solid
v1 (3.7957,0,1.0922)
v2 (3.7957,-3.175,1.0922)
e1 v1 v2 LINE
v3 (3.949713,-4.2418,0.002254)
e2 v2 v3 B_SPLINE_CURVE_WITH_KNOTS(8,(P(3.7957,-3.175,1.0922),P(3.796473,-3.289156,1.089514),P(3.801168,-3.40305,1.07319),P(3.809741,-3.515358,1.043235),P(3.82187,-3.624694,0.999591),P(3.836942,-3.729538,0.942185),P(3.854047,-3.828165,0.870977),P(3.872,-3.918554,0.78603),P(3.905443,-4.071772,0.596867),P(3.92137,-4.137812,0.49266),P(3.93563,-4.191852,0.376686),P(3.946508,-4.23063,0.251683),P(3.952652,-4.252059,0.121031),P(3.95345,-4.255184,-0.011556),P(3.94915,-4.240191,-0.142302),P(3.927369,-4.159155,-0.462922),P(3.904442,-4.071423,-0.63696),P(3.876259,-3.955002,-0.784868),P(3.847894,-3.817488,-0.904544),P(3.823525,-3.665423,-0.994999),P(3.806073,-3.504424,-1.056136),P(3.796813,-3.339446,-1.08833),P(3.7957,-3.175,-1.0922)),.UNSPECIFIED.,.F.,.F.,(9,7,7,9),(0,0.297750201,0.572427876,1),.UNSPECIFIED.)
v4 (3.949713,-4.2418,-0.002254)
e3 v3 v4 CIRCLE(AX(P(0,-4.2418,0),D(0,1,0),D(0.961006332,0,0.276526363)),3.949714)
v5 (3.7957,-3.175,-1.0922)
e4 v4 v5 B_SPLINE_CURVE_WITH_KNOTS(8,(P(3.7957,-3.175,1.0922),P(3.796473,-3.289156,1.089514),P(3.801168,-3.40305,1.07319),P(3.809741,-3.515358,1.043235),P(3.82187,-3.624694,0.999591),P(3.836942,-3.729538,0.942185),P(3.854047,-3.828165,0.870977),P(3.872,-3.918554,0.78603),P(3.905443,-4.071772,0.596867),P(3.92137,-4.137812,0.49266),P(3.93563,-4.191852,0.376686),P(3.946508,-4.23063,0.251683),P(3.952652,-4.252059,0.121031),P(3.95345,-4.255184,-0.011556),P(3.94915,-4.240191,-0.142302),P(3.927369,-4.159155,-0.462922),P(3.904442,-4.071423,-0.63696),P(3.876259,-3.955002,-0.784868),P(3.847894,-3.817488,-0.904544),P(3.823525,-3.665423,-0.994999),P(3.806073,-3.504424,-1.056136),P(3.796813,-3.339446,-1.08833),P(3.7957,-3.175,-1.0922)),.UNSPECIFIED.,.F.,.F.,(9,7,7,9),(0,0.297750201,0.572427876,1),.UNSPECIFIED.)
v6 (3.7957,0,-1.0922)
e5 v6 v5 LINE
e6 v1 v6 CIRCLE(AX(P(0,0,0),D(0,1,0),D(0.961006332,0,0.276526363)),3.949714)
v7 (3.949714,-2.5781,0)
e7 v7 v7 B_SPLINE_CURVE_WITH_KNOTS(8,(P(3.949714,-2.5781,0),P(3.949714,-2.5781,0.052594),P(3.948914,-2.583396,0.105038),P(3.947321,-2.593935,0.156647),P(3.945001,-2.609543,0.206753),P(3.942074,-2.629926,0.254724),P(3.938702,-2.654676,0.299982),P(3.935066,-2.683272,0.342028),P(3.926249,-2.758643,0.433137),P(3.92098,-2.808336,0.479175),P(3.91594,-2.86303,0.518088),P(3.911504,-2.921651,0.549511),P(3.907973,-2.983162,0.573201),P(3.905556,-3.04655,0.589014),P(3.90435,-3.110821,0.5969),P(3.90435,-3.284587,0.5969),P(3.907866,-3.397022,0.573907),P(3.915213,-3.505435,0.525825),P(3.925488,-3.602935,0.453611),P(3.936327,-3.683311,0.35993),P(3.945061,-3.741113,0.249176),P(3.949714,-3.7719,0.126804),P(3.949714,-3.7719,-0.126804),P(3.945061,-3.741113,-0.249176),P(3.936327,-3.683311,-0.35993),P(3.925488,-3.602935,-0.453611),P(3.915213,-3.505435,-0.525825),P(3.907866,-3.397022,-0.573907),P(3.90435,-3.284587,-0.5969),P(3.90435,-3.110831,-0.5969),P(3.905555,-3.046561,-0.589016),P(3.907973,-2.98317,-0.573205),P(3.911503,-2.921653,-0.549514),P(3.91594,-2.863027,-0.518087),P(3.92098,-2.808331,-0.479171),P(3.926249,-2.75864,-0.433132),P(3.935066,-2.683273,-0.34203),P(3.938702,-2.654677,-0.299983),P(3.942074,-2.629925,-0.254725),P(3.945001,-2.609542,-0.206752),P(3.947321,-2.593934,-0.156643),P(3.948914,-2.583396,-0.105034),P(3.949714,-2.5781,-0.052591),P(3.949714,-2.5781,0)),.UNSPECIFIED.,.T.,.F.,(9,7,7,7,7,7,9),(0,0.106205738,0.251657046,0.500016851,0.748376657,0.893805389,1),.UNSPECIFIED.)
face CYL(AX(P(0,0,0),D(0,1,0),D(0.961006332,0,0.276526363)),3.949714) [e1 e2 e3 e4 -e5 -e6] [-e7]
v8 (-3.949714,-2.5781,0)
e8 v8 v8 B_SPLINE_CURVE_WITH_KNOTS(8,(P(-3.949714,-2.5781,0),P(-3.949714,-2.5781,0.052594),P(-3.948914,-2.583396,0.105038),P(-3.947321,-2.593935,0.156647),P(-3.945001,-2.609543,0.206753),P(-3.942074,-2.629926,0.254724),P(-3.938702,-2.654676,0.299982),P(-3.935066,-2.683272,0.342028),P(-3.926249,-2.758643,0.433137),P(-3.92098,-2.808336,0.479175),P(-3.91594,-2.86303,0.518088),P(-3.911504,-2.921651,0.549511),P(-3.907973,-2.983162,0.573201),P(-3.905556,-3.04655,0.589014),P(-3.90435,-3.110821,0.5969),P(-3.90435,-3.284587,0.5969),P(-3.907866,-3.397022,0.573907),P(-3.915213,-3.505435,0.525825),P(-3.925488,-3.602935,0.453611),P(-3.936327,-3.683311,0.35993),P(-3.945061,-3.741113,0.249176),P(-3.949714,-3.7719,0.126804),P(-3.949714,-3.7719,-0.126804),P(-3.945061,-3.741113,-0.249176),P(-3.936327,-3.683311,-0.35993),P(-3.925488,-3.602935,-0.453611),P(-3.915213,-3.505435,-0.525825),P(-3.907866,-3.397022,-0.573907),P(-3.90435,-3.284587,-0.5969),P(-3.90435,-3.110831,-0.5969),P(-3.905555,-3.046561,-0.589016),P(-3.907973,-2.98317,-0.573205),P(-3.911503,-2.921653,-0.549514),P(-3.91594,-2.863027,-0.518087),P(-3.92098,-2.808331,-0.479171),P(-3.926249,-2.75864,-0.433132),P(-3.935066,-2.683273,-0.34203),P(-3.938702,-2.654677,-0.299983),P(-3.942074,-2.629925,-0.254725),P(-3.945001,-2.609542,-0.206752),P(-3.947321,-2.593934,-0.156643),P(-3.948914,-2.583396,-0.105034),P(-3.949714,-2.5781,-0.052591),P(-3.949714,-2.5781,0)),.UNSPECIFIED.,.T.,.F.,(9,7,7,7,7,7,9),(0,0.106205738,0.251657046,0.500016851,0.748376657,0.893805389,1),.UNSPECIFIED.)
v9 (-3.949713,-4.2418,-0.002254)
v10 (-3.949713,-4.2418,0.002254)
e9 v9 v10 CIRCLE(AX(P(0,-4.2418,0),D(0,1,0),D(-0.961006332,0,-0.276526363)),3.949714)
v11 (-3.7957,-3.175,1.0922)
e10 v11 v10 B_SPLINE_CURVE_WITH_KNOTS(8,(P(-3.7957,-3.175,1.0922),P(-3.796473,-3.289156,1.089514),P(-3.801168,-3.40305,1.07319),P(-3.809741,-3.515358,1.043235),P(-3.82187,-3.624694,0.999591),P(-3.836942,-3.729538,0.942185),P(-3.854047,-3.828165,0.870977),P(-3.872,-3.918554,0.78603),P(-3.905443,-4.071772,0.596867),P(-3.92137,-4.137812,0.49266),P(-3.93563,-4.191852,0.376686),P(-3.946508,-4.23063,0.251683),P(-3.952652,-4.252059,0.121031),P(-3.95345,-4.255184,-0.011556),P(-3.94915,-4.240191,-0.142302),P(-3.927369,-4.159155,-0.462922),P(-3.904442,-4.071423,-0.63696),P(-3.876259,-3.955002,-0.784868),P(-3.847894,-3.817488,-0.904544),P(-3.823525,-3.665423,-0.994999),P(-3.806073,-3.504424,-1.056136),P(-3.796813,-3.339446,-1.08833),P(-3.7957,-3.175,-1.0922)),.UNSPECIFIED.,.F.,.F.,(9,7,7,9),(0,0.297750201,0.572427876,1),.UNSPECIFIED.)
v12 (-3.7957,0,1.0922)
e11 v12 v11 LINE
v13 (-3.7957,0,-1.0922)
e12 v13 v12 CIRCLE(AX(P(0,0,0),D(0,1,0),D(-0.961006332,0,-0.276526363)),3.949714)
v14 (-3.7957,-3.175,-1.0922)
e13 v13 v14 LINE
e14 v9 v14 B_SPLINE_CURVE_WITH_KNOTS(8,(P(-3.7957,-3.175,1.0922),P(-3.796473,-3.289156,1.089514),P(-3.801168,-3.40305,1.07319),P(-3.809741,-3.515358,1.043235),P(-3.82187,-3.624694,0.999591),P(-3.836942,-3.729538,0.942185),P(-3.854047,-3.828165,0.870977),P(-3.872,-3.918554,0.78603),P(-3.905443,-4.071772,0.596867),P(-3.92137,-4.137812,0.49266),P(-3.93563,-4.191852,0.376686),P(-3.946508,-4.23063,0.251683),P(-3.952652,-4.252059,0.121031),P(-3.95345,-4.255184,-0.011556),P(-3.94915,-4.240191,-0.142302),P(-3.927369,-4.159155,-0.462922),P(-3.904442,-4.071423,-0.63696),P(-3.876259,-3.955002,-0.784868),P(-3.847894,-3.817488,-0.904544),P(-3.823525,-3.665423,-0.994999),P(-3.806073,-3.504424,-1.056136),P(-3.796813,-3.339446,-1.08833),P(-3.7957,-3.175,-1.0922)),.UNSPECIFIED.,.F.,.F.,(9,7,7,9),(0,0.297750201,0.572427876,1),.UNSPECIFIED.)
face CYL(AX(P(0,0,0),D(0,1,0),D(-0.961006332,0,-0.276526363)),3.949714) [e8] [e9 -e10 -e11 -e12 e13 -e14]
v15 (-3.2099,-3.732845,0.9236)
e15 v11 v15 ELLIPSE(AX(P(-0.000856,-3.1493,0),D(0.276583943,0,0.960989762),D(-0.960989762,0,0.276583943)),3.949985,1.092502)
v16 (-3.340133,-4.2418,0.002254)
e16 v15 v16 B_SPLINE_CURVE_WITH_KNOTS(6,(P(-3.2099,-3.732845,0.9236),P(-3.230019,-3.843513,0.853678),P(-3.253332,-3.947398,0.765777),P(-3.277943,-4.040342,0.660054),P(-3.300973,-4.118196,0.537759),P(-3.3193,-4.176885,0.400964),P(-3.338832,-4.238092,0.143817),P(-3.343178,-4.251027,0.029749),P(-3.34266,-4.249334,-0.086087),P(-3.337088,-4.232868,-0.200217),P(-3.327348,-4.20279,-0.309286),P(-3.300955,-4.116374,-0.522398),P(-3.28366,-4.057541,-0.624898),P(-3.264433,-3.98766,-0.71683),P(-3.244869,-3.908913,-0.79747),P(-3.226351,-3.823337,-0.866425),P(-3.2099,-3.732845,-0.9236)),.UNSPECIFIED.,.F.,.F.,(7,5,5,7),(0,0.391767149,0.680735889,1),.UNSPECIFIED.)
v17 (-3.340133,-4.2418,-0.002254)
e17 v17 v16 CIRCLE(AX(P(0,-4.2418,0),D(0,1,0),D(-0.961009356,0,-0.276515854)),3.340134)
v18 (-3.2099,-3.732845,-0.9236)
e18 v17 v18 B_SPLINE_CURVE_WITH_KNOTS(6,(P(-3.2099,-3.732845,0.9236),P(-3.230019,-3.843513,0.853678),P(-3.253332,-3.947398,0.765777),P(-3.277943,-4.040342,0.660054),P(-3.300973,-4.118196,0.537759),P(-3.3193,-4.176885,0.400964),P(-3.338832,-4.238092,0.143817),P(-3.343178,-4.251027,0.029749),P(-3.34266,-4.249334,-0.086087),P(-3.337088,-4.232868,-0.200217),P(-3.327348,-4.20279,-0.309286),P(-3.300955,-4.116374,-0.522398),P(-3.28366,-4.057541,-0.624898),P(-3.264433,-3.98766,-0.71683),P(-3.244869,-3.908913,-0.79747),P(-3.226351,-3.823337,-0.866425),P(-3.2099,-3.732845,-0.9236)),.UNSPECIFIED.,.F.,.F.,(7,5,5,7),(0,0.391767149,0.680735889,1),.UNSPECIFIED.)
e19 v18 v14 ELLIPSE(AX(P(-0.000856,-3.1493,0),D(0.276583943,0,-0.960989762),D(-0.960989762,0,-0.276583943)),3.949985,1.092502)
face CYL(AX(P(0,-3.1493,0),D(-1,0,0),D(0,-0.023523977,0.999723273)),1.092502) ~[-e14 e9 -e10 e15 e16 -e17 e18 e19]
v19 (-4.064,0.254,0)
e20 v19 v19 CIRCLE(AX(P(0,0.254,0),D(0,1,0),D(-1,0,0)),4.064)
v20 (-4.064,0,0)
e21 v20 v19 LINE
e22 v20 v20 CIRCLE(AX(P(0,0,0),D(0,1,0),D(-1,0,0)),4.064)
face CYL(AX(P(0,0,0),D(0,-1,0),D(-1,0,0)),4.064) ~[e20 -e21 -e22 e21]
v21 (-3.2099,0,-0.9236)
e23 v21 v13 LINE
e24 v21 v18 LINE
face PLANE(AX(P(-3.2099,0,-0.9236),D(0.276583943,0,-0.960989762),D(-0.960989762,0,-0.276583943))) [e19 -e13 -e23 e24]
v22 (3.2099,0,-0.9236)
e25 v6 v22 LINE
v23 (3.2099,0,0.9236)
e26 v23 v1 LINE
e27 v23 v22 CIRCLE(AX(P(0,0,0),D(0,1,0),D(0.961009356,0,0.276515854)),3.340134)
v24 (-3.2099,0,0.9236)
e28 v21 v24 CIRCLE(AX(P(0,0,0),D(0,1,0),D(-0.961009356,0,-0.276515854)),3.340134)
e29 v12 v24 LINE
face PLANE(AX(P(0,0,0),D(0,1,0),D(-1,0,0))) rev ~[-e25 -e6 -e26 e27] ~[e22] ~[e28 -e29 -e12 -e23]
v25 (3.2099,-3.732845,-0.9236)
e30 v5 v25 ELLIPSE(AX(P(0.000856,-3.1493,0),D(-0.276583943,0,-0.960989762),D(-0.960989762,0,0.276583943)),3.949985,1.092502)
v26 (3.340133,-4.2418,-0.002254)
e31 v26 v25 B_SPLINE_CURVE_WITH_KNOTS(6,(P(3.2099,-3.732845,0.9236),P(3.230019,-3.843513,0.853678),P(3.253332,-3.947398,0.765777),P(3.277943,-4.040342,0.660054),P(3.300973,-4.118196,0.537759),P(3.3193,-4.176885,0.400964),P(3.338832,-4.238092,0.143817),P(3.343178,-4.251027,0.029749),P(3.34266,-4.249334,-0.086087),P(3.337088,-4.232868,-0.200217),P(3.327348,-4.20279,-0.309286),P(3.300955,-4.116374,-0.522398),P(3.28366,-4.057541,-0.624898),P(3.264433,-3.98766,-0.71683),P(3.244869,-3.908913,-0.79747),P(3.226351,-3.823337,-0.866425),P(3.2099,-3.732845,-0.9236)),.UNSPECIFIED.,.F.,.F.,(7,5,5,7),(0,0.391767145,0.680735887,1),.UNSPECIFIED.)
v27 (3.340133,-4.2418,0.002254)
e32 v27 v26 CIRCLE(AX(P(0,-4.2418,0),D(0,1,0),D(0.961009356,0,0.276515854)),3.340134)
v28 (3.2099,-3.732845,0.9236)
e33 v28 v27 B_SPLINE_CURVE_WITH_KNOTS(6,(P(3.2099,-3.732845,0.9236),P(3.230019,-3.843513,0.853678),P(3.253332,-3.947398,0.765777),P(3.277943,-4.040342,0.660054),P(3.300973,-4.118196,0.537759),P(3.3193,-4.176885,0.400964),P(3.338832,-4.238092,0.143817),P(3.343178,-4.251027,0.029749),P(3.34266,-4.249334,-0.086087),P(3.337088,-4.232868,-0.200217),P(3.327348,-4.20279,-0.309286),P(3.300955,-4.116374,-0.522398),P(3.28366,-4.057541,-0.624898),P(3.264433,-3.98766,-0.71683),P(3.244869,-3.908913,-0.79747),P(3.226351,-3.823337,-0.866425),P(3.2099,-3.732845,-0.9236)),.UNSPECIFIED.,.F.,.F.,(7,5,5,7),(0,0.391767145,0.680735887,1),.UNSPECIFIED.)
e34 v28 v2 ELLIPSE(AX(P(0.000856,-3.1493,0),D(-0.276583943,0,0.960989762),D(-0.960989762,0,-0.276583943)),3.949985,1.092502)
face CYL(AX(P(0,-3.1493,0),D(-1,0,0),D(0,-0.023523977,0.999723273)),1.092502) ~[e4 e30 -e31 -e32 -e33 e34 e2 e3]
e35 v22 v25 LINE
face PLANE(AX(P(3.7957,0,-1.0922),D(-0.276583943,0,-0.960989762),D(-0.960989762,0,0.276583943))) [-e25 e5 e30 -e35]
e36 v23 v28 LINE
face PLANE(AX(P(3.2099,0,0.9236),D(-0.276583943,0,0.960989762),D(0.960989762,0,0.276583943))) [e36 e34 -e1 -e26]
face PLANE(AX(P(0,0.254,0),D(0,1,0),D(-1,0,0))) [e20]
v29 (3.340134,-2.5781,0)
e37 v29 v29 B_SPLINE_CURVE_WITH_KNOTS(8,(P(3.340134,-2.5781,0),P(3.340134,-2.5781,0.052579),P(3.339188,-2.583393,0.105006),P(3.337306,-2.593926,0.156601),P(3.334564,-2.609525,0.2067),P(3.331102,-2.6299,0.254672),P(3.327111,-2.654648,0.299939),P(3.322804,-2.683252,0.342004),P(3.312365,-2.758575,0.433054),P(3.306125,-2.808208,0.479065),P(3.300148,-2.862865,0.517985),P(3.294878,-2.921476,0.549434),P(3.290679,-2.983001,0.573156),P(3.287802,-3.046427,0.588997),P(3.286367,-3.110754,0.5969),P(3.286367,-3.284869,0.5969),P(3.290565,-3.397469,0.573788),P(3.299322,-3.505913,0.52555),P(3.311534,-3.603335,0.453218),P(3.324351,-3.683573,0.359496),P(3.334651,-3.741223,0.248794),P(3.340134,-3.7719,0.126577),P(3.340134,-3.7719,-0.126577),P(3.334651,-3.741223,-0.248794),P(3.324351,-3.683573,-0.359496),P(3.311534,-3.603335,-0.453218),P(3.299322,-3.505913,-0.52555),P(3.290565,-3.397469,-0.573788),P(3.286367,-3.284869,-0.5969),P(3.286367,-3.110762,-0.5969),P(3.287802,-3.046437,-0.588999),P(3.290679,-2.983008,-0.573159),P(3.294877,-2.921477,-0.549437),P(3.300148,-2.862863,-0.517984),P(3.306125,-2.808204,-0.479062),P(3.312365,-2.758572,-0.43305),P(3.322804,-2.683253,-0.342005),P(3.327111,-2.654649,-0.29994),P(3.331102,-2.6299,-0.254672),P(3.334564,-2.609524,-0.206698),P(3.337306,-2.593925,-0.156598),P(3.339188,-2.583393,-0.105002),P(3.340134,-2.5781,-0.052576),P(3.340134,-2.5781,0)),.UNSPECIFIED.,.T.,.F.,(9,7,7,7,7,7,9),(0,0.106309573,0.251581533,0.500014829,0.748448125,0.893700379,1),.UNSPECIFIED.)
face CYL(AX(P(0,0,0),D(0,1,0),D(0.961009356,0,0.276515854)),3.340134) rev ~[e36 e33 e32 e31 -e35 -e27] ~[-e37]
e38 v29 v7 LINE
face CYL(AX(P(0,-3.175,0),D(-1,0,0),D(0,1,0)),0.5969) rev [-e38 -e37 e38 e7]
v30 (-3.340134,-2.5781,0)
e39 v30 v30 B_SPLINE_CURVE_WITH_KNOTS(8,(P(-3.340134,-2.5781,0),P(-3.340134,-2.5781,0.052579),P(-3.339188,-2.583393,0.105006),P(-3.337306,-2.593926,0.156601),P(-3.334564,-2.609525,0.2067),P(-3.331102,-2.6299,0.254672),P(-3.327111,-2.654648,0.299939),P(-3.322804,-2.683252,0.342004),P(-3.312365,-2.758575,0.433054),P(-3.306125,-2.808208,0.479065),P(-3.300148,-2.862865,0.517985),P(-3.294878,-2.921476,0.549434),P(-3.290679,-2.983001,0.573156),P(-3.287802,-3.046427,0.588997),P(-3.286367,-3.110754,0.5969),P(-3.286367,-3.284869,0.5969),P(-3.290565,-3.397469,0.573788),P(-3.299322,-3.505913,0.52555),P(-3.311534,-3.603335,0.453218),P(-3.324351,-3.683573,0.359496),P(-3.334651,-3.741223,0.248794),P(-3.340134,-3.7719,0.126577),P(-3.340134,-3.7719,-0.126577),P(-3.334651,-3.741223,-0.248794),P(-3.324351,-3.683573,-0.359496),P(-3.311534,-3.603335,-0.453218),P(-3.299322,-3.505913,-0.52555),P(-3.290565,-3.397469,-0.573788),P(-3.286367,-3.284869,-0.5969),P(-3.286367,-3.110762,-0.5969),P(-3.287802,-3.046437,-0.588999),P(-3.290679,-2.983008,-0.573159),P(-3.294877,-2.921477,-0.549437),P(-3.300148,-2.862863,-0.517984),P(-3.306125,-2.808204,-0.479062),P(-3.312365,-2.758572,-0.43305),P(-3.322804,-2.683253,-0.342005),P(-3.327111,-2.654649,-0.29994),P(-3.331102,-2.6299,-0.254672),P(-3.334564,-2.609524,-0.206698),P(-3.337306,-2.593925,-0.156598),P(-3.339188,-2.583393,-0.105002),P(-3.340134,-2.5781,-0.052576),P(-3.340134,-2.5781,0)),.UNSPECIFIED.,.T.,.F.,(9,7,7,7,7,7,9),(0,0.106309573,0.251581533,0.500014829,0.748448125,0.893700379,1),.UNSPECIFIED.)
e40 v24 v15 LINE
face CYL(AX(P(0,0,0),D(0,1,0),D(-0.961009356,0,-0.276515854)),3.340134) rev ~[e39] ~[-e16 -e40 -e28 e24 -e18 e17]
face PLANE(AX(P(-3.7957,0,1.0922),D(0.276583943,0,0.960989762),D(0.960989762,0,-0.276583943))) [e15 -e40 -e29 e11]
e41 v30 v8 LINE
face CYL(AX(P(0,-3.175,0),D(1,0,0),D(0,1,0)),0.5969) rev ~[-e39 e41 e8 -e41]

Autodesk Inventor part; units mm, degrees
sketch "Sketch_2" plane through (0, 0, 0) normal (0, 1, 0) x (-1, 0, 0)
  circle A0 centre (0, 0) radius 4.064
extrude "Extrusion1" add sketch "Sketch_2" along normal blind 0.254
sketch "Sketch_3" plane through (0, 0, 0) normal (0, 1, 0) x (-1, 0, 0)
  arc A0 (-3.2099, 0.9236) -> (-3.2099, -0.9236) centre (0, 0) ccw
  line L0 (-3.2099, 0.9236) -> (-3.7957, 1.0922)
  arc A1 (-3.7957, 1.0922) -> (-3.7957, -1.0922) centre (0, 0) ccw
  line L1 (-3.7957, -1.0922) -> (-3.2099, -0.9236)
extrude "Extrusion2" add sketch "Sketch_3" against normal blind 4.2418
sketch "Sketch_4" plane through (0, 0, 0) normal (0, 1, 0) x (-1, 0, 0)
  arc A0 (3.7957, -1.0922) -> (3.7957, 1.0922) centre (0, 0) ccw
  line L0 (3.7957, 1.0922) -> (3.2099, 0.9236)
  arc A1 (3.2099, -0.9236) -> (3.2099, 0.9236) centre (0, 0) ccw
  line L1 (3.2099, -0.9236) -> (3.7957, -1.0922)
extrude "Extrusion3" add sketch "Sketch_4" against normal blind 4.2418
sketch "Sketch_5" plane through (0, 0, 0) normal (1, 0, 0) x (0, 1, 0)
  circle A0 centre (-3.175, 0) radius 0.5969
extrude "Extrusion4" cut sketch "Sketch_5" along normal mid plane 16.3576
sketch "Sketch_6" plane through (0, 0, 0) normal (1, 0, 0) x (0, 1, 0)
  line L0 (-4.4958, 1.0922) -> (-4.4958, -1.0922)
  line L1 (-4.4958, -1.0922) -> (-3.175, -1.0922)
  arc A0 (-3.175, 1.0922) -> (-3.175, -1.0922) centre (-3.1493, 0) ccw
  line L2 (-3.175, 1.0922) -> (-4.4958, 1.0922)
extrude "Extrusion5" cut sketch "Sketch_6" along normal mid plane 16.3576
ref_plane "to_trmnl_hold_XY" through (0, 0, 0) normal (0, -1, 0) x (1, 0, 0)
ref_plane "to_trmnl_hold_YZ" through (0, 0, 0) normal (1, 0, 0) x (0, 0, 1)
ref_plane "to_trmnl_hold_ZX" through (0, 0, 0) normal (0, 0, 1) x (0, -1, 0)
properties part number "SB4011NO-trmnls"
